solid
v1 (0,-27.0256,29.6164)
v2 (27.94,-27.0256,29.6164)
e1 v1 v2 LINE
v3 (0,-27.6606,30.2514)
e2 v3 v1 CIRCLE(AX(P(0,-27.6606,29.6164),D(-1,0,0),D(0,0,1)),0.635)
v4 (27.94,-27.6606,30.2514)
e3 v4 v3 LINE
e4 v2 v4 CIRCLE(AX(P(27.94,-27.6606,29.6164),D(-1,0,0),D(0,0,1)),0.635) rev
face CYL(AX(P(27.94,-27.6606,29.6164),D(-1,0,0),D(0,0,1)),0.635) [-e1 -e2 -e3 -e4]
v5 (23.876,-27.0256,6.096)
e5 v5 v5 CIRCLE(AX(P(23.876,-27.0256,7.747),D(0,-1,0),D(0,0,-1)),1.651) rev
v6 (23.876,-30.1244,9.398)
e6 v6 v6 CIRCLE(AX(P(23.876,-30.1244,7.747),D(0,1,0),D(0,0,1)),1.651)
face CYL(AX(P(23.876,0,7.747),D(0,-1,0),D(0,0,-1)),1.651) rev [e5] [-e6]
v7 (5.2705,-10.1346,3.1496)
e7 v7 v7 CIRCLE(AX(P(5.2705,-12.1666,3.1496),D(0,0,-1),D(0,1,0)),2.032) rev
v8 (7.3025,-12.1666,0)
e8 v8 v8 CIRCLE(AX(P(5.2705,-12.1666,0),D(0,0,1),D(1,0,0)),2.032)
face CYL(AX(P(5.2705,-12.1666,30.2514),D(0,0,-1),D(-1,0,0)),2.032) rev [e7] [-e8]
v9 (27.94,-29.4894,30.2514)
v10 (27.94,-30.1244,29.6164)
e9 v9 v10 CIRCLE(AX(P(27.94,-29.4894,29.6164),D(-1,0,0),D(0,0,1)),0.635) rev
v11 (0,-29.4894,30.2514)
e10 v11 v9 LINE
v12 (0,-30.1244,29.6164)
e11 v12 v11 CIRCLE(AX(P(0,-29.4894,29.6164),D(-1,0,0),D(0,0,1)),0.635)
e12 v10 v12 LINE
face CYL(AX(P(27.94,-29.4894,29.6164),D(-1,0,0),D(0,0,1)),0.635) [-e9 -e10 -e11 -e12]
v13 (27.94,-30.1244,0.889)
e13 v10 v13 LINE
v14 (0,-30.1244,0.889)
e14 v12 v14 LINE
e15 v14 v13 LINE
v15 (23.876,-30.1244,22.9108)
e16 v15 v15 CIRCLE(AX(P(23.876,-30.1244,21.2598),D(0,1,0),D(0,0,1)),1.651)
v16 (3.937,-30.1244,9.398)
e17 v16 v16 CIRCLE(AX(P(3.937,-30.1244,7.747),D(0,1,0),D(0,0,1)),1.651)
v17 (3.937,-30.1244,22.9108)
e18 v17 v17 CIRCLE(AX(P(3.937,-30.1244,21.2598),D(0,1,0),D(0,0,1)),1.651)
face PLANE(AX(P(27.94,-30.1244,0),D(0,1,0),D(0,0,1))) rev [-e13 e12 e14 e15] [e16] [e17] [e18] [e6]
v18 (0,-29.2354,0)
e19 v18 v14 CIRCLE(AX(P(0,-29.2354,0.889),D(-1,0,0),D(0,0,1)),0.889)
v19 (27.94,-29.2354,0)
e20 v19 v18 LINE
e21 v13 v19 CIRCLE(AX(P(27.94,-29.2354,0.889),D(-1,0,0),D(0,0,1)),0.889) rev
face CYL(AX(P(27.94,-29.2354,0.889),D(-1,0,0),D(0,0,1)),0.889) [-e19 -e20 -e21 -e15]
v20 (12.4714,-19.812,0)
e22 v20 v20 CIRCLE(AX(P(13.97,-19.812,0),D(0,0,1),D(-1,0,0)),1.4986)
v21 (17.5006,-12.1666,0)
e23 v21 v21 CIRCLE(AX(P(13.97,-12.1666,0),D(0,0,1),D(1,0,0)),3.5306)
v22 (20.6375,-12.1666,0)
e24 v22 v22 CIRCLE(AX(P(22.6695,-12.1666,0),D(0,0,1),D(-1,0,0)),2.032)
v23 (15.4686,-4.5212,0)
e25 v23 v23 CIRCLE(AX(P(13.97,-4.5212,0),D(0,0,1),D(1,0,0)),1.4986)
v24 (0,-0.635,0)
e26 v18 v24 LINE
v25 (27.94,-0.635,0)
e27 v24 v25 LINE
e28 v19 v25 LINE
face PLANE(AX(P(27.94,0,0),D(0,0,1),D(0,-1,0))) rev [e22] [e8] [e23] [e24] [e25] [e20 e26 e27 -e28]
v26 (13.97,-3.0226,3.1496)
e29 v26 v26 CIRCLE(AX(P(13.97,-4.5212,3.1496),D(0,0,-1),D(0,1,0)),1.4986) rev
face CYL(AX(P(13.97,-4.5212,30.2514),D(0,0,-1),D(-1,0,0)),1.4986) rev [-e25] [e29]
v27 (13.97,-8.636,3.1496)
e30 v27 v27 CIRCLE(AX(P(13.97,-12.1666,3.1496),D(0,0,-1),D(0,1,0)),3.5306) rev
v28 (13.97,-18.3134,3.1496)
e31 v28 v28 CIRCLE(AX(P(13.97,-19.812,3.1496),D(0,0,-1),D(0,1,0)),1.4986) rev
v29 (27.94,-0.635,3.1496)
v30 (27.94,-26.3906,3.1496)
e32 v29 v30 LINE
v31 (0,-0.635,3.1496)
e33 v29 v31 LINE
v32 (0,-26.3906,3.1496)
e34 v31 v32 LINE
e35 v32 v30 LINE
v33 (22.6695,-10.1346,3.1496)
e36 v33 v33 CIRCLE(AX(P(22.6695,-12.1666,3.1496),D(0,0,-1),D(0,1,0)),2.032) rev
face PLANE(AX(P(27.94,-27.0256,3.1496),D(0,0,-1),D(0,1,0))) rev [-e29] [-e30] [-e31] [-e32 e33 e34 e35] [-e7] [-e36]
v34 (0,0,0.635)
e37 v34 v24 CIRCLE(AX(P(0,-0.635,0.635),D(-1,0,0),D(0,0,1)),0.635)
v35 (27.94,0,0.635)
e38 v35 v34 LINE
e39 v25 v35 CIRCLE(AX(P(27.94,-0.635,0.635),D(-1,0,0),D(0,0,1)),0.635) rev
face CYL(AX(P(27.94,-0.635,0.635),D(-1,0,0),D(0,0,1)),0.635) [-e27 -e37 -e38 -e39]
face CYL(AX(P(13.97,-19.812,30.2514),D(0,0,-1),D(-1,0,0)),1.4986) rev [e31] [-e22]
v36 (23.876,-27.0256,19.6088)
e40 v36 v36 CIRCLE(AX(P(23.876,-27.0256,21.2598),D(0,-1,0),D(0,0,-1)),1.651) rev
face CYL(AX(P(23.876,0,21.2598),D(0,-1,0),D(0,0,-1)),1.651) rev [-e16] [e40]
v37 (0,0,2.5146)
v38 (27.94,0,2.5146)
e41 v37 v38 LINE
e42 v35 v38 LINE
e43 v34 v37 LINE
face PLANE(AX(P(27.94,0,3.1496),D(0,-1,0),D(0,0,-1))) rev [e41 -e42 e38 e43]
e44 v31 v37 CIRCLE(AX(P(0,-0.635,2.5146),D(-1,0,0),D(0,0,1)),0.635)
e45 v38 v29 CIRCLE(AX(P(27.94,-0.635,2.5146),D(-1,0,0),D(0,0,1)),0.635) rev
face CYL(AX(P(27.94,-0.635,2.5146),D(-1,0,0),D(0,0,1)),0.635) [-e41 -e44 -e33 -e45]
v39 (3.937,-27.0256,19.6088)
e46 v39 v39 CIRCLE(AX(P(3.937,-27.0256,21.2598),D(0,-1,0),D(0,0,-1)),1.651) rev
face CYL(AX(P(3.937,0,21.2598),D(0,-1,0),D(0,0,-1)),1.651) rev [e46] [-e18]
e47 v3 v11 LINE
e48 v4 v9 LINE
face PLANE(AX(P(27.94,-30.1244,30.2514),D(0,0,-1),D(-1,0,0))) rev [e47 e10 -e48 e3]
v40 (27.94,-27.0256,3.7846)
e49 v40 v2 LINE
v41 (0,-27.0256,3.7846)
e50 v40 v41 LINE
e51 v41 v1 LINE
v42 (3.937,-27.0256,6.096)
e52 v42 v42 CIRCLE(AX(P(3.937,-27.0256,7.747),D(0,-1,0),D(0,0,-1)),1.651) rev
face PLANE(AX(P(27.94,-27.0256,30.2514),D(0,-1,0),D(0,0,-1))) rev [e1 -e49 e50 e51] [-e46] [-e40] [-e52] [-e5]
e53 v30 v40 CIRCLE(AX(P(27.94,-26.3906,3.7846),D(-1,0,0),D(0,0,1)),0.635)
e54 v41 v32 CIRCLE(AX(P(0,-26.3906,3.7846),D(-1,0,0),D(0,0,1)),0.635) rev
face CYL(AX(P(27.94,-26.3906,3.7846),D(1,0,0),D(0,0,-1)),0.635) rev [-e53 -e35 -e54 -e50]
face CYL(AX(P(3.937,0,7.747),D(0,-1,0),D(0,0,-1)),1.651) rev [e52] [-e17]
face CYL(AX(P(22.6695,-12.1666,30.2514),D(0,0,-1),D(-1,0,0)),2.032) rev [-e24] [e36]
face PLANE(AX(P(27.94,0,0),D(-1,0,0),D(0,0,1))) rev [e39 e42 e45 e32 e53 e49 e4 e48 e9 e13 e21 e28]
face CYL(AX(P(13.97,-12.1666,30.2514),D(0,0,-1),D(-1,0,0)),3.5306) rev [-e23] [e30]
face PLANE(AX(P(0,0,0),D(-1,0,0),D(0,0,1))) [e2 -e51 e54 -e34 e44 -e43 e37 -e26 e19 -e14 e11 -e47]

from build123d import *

# Parameters (mm, degrees)
BOSS_EXTRUDE1_DEPTH     = 27.94
SKETCH2_R               = 3.5306
SKETCH2_R_2             = 1.4986
SKETCH2_R_3             = 2.032
MOTOR_MOUNT_HOLES_DEPTH = 52.022252766
SKETCH3_R               = 1.651
PLATE_MOUNT_HOLES_DEPTH = 52.022252766
FILLET1_R               = 0.635
FILLET2_R               = 0.889
FILLET3_R               = 0.635


with BuildPart() as part:
    # Sketch1 → Boss-Extrude1 (new body)
    with BuildSketch(Plane(origin=(0, 0, 0), x_dir=(0, 0, -1), z_dir=(1, 0, 0))):
        Polygon((0, 0), (0, -30.1244), (-30.2514, -30.1244), (-30.2514, -27.0256), (-3.1496, -27.0256), (-3.1496, 0), align=None)
    extrude(amount=BOSS_EXTRUDE1_DEPTH)

    # Sketch2 → Motor_Mount_holes (cut, through all)
    with BuildSketch(Plane.XY):
        with Locations(Location((13.97, -12.1666, 0), (0, 0, 90))):
            Circle(SKETCH2_R)
        with Locations(Location((13.97, -4.5212, 0), (0, 0, 90))):
            Circle(SKETCH2_R_2)
        with Locations(Location((5.2705, -12.1666, 0), (0, 0, 90))):
            Circle(SKETCH2_R_3)
        with Locations(Location((22.6695, -12.1666, 0), (0, 0, 180))):
            Circle(SKETCH2_R_3)
        with Locations(Location((13.97, -19.812, 0), (0, 0, 180))):
            Circle(SKETCH2_R_2)
    extrude(amount=MOTOR_MOUNT_HOLES_DEPTH, mode=Mode.SUBTRACT)

    # Sketch3 → Plate_Mount_Holes (cut, through all)
    with BuildSketch(Plane(origin=(0, -30.1244, 0), x_dir=(1, 0, 0), z_dir=(0, 1, 0))):
        with Locations(Location((3.937, -7.747, 0), (0, 0, 90))):
            Circle(SKETCH3_R)
        with Locations(Location((23.876, -7.747, 0), (0, 0, 90))):
            Circle(SKETCH3_R)
        with Locations(Location((3.937, -21.2598, 0), (0, 0, 90))):
            Circle(SKETCH3_R)
        with Locations(Location((23.876, -21.2598, 0), (0, 0, 90))):
            Circle(SKETCH3_R)
    extrude(amount=PLATE_MOUNT_HOLES_DEPTH, mode=Mode.SUBTRACT)

    # Fillet1
    fillet1_edges = [part.edges().sort_by_distance(p)[0] for p in [
        (13.97, -27.0256, 3.1496),
    ]]
    fillet(fillet1_edges, radius=FILLET1_R)

    # Fillet2
    fillet2_edges = [part.edges().sort_by_distance(p)[0] for p in [
        (13.97, -30.1244, 0),
    ]]
    fillet(fillet2_edges, radius=FILLET2_R)

    # Fillet3
    fillet3_edges = [part.edges().sort_by_distance(p)[0] for p in [
        (13.97, 0, 0),
        (13.97, -30.1244, 30.2514),
        (13.97, -27.0256, 30.2514),
        (13.97, 0, 3.1496),
    ]]
    fillet(fillet3_edges, radius=FILLET3_R)


solid = part.part
